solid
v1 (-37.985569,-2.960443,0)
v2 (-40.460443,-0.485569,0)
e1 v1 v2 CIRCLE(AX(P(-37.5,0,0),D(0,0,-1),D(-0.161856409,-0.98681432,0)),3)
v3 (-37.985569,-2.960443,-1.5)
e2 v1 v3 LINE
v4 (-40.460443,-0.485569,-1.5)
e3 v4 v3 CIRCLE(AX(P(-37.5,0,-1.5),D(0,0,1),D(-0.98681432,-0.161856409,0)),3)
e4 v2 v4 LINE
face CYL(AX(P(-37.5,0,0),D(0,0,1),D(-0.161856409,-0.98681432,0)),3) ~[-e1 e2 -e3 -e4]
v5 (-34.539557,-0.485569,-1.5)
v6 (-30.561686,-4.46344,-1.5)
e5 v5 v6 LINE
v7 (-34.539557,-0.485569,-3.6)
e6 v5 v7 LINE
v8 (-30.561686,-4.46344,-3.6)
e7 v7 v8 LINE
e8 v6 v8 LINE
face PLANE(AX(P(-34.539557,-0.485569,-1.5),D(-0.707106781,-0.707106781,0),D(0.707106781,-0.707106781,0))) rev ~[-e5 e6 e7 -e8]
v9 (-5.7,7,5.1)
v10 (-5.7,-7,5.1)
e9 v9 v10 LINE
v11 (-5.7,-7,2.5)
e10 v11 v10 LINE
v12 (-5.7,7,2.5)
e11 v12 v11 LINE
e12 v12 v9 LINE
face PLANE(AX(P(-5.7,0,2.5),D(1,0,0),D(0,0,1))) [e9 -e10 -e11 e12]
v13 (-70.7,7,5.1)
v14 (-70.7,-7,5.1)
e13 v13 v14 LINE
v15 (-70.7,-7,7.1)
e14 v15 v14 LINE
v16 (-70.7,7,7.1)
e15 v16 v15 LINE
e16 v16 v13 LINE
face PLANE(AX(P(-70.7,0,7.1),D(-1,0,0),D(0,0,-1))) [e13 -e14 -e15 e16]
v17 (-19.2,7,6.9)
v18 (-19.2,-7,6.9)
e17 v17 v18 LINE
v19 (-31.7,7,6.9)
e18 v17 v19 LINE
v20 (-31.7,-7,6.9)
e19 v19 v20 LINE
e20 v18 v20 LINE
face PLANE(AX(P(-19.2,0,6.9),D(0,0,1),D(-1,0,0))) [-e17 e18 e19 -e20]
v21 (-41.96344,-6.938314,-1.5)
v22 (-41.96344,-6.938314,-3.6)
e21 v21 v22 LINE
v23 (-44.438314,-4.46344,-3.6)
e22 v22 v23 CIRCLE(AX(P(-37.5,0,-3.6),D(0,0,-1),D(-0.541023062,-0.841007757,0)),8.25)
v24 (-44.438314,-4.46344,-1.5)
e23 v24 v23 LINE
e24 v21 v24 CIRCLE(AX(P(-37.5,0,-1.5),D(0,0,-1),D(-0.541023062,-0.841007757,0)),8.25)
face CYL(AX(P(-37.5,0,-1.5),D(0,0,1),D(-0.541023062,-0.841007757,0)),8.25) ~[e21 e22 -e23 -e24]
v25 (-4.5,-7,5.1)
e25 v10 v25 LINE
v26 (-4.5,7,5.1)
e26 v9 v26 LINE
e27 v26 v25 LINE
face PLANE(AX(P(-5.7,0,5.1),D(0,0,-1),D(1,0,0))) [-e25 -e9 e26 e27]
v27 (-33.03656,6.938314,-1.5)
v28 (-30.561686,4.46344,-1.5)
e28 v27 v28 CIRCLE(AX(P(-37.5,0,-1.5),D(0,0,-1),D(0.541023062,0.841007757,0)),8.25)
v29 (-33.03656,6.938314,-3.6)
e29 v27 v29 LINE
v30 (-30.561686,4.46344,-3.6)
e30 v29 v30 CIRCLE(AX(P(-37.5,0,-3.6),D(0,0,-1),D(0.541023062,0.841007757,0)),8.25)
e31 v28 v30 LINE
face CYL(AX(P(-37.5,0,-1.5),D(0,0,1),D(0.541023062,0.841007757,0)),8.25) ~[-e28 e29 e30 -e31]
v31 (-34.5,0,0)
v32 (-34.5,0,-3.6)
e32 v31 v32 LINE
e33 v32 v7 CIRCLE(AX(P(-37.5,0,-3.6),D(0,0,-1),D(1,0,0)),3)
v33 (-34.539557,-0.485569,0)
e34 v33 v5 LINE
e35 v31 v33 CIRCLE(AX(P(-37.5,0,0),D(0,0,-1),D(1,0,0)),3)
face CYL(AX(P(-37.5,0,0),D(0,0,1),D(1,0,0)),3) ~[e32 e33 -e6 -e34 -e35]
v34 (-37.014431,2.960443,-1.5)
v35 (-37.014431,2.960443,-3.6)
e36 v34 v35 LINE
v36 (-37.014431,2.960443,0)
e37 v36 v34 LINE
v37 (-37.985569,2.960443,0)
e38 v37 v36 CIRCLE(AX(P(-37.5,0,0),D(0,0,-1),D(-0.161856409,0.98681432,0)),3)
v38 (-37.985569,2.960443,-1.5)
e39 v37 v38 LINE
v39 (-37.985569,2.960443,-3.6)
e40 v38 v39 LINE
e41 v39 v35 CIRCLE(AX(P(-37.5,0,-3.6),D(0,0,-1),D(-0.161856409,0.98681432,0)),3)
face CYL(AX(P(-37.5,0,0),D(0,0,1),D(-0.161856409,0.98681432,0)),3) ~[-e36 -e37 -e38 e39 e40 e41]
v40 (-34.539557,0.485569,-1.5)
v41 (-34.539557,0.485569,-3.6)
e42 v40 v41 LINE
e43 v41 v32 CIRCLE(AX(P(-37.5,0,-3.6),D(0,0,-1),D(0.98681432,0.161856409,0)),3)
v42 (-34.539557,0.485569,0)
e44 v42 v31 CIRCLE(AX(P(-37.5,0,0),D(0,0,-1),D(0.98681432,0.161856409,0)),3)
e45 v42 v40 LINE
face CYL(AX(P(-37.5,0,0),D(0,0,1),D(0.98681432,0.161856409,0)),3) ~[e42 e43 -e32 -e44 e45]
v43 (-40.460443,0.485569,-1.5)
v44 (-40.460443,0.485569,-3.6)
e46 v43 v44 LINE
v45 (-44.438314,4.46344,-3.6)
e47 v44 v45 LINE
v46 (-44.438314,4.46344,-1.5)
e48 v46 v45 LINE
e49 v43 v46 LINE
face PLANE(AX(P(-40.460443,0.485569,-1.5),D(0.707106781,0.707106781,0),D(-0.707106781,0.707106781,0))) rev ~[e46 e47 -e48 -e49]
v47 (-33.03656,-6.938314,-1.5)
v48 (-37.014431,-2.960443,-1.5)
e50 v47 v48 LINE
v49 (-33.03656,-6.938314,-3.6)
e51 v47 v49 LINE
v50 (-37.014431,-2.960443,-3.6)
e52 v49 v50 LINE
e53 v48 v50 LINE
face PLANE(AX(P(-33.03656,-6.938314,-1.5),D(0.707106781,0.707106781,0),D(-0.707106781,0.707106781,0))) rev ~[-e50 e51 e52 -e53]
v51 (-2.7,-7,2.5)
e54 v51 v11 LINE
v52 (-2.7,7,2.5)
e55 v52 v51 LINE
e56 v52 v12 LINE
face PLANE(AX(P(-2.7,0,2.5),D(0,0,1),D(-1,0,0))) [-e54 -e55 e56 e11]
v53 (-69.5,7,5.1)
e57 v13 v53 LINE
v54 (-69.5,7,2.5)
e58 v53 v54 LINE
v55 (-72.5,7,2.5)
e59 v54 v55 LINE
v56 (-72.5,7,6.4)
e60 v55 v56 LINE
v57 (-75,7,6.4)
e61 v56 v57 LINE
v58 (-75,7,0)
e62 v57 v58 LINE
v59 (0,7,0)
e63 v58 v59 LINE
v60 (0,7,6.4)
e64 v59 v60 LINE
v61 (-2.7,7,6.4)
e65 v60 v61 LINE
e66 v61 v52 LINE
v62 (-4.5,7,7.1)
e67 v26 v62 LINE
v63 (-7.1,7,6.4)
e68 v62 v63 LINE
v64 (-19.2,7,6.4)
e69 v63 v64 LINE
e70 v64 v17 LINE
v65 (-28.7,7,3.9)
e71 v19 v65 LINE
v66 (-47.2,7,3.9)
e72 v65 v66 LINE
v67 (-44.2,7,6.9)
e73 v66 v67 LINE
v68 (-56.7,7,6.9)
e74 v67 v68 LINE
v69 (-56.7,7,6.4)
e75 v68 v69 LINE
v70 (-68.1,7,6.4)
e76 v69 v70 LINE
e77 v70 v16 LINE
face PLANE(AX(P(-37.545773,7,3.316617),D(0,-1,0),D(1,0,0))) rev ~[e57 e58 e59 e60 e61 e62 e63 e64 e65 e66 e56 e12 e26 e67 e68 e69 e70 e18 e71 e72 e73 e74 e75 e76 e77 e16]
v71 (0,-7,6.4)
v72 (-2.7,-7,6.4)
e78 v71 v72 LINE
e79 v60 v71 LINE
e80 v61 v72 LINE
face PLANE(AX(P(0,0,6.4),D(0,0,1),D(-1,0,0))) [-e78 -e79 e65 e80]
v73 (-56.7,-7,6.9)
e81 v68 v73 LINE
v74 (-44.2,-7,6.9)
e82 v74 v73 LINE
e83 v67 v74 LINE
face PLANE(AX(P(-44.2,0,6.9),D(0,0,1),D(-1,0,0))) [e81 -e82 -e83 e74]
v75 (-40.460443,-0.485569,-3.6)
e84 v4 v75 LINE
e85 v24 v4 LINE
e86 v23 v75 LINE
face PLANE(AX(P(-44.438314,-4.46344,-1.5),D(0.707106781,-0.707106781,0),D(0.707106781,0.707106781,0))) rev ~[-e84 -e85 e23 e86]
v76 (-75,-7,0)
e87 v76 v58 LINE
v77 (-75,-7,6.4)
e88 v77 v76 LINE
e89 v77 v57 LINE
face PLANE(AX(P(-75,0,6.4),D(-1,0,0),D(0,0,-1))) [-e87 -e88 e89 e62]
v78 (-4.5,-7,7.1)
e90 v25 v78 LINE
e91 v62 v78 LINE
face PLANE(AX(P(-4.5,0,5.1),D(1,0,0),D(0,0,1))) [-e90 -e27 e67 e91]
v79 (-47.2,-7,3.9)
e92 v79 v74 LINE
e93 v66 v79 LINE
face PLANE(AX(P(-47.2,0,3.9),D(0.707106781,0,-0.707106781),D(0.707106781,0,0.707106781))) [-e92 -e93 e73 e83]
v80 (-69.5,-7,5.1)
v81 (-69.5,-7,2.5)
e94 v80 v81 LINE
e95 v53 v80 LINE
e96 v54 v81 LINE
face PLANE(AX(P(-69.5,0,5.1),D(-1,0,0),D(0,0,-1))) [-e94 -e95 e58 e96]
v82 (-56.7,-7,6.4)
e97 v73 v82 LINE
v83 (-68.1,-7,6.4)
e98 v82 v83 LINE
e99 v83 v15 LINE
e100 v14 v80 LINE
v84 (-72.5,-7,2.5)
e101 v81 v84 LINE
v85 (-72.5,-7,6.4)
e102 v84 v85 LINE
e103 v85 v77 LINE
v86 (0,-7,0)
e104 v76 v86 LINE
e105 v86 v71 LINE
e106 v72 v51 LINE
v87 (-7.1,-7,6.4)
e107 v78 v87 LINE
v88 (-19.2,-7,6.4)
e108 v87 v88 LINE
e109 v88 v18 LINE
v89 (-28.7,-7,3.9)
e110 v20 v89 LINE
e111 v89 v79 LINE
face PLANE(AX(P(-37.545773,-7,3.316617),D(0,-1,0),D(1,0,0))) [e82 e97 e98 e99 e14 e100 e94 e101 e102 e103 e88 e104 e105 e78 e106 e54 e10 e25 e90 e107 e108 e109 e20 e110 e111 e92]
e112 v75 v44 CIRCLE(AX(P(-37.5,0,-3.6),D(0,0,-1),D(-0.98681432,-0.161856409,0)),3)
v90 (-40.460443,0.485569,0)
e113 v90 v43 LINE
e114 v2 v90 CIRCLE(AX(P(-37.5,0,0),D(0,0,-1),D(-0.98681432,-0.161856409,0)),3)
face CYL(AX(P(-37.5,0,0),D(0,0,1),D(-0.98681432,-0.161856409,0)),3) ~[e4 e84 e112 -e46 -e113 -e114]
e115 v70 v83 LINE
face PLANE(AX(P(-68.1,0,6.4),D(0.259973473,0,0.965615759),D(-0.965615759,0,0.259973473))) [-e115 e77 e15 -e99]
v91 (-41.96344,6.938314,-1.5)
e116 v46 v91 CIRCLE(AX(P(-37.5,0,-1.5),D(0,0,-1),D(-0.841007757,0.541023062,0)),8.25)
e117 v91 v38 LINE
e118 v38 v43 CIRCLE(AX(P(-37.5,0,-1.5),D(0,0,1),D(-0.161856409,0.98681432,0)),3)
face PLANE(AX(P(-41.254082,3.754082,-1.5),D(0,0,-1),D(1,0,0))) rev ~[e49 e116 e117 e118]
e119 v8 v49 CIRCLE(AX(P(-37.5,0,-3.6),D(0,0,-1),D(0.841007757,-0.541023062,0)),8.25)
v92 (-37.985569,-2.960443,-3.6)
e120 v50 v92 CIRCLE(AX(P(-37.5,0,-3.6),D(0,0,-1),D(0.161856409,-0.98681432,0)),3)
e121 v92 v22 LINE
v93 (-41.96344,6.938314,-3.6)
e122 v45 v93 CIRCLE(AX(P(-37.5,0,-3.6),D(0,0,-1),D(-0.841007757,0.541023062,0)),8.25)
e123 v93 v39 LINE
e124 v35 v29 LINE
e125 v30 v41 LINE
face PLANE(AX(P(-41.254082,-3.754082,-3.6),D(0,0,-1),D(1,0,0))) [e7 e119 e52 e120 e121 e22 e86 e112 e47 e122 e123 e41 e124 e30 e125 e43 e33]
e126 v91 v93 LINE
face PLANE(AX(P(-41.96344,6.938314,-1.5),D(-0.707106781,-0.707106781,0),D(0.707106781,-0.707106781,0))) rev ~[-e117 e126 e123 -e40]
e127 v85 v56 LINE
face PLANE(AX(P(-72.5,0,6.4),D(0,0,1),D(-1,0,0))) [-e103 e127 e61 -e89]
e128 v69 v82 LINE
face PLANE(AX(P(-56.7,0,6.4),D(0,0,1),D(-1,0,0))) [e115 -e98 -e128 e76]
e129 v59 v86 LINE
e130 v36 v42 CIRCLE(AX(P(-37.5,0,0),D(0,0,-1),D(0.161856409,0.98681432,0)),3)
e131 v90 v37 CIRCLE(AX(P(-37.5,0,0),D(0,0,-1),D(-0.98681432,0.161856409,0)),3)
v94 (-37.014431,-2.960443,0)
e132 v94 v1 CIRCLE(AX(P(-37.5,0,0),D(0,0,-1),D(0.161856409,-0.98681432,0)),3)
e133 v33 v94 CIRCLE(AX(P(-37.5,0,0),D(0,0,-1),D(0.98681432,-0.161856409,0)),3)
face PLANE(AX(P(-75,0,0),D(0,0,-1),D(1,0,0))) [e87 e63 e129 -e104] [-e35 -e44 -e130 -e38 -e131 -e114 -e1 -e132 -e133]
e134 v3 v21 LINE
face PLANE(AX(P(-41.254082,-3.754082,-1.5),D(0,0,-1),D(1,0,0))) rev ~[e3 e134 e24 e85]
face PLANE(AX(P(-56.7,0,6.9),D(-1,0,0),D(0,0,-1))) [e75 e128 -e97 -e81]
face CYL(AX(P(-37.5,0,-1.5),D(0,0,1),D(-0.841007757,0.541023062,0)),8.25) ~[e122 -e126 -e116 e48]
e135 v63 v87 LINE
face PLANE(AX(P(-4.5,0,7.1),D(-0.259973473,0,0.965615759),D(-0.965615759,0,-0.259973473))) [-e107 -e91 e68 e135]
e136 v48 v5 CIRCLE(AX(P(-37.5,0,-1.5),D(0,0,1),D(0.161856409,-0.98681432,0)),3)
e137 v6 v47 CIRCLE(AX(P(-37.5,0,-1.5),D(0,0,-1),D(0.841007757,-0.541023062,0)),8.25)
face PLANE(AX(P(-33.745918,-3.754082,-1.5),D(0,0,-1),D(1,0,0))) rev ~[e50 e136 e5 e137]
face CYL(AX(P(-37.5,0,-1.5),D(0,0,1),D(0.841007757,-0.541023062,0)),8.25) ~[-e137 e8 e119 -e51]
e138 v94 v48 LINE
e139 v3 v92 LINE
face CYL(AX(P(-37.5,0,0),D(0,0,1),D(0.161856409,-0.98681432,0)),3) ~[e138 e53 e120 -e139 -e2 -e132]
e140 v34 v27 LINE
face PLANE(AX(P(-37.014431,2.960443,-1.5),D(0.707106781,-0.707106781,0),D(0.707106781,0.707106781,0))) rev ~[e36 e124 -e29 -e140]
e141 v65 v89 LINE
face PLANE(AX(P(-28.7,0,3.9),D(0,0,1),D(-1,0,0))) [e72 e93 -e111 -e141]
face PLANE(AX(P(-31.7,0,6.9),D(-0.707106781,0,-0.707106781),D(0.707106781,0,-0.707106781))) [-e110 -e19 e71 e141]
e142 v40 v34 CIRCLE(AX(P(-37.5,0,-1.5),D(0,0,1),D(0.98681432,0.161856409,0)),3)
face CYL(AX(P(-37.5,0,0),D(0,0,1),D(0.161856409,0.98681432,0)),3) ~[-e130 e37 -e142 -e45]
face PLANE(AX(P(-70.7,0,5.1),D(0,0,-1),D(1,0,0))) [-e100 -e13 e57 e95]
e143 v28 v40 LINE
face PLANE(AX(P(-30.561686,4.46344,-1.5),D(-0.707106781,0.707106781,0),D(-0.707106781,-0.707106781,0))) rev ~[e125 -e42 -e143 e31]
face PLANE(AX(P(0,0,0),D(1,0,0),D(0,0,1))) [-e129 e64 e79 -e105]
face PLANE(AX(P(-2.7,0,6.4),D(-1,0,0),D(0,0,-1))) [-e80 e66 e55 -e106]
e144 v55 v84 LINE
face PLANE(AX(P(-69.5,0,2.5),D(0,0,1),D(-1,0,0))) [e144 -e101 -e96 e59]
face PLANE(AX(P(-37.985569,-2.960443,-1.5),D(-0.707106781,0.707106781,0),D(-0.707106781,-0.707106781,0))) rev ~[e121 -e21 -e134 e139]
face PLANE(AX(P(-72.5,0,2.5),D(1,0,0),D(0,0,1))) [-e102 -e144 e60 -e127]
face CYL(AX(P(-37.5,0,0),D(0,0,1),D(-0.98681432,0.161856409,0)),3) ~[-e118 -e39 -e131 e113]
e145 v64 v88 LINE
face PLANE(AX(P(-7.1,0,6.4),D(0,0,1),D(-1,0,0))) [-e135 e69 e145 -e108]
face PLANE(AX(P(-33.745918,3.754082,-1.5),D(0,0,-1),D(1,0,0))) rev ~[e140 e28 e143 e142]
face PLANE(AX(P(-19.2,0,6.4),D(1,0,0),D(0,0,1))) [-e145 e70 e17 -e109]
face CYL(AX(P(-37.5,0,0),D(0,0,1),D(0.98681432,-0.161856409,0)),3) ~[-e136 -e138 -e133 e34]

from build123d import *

# Parameters (mm, degrees)
F1_DEPTH = 7
F3_DEPTH = 3.6
F4_START = 1.5
F4_DEPTH = 2.1


with BuildPart() as f1:
    # F0 (on Front) → F1 (new body, symmetric)
    with BuildSketch(Plane.XZ):
        Polygon((-75, 0), (0, 0), (0, 6.4), (-2.7, 6.4), (-2.7, 2.5), (-5.7, 2.5), (-5.7, 5.1), (-4.5, 5.1), (-4.5, 6.4), (-4.5, 7.1), (-7.1, 6.4), (-19.2, 6.4), (-19.2, 6.9), (-31.7, 6.9), (-31.2, 6.4), (-28.7, 3.9), (-47.2, 3.9), (-44.7, 6.4), (-44.2, 6.9), (-56.7, 6.9), (-56.7, 6.4), (-68.1, 6.4), (-70.7, 7.1), (-70.7, 6.4), (-70.7, 5.1), (-69.5, 5.1), (-69.5, 2.5), (-72.5, 2.5), (-72.5, 6.4), (-75, 6.4), align=None)
    extrude(amount=F1_DEPTH, both=True)

    # F2 (on face) → F3 (join)
    with BuildSketch(Plane(origin=(0, 0, 0), x_dir=(1, 0, 0), z_dir=(0, 0, -1))):
        with BuildLine():
            ThreePointArc((-34.5395570389, -0.4855692269), (-34.5099056133, -0.2435889127), (-34.5, 0))
            ThreePointArc((-34.5, 0), (-34.5099056133, 0.2435889127), (-34.5395570389, 0.4855692269))
            ThreePointArc((-34.5395570389, 0.4855692269), (-35.3786796564, 2.1213203436), (-37.0144307731, 2.9604429611))
            ThreePointArc((-37.0144307731, 2.9604429611), (-37.5, 3), (-37.9855692269, 2.9604429611))
            ThreePointArc((-37.9855692269, 2.9604429611), (-39.6213203436, 2.1213203436), (-40.4604429611, 0.4855692269))
            ThreePointArc((-40.4604429611, 0.4855692269), (-40.5, 0), (-40.4604429611, -0.4855692269))
            ThreePointArc((-40.4604429611, -0.4855692269), (-39.6213203436, -2.1213203436), (-37.9855692269, -2.9604429611))
            ThreePointArc((-37.9855692269, -2.9604429611), (-37.5, -3), (-37.0144307731, -2.9604429611))
            ThreePointArc((-37.0144307731, -2.9604429611), (-35.3786796564, -2.1213203436), (-34.5395570389, -0.4855692269))
        make_face()
    extrude(amount=F3_DEPTH)

    # F2 (on face) → F4 (join)
    with BuildSketch(Plane(origin=(0, 0, 0), x_dir=(1, 0, 0), z_dir=(0, 0, -1)).offset(F4_START)):
        with BuildLine():
            ThreePointArc((-40.4604429611, 0.4855692269), (-39.6213203436, 2.1213203436), (-37.9855692269, 2.9604429611))
            Line((-37.9855692269, 2.9604429611), (-41.9634402584, 6.9383139926))
            ThreePointArc((-41.9634402584, 6.9383139926), (-43.3336309448, 5.8336309448), (-44.4383139926, 4.4634402584))
            Line((-44.4383139926, 4.4634402584), (-40.4604429611, 0.4855692269))
        make_face()
        with BuildLine():
            ThreePointArc((-37.0144307731, 2.9604429611), (-35.3786796564, 2.1213203436), (-34.5395570389, 0.4855692269))
            Line((-34.5395570389, 0.4855692269), (-30.5616860074, 4.4634402584))
            ThreePointArc((-30.5616860074, 4.4634402584), (-31.6663690552, 5.8336309448), (-33.0365597416, 6.9383139926))
            Line((-33.0365597416, 6.9383139926), (-37.0144307731, 2.9604429611))
        make_face()
        with BuildLine():
            Line((-41.9634402584, -6.9383139926), (-37.9855692269, -2.9604429611))
            ThreePointArc((-37.9855692269, -2.9604429611), (-39.6213203436, -2.1213203436), (-40.4604429611, -0.4855692269))
            Line((-40.4604429611, -0.4855692269), (-44.4383139926, -4.4634402584))
            ThreePointArc((-44.4383139926, -4.4634402584), (-43.3336309448, -5.8336309448), (-41.9634402584, -6.9383139926))
        make_face()
        with BuildLine():
            Line((-30.5616860074, -4.4634402584), (-34.5395570389, -0.4855692269))
            ThreePointArc((-34.5395570389, -0.4855692269), (-35.3786796564, -2.1213203436), (-37.0144307731, -2.9604429611))
            Line((-37.0144307731, -2.9604429611), (-33.0365597416, -6.9383139926))
            ThreePointArc((-33.0365597416, -6.9383139926), (-31.6663690552, -5.8336309448), (-30.5616860074, -4.4634402584))
        make_face()
    extrude(amount=F4_DEPTH)


solid = f1.part
